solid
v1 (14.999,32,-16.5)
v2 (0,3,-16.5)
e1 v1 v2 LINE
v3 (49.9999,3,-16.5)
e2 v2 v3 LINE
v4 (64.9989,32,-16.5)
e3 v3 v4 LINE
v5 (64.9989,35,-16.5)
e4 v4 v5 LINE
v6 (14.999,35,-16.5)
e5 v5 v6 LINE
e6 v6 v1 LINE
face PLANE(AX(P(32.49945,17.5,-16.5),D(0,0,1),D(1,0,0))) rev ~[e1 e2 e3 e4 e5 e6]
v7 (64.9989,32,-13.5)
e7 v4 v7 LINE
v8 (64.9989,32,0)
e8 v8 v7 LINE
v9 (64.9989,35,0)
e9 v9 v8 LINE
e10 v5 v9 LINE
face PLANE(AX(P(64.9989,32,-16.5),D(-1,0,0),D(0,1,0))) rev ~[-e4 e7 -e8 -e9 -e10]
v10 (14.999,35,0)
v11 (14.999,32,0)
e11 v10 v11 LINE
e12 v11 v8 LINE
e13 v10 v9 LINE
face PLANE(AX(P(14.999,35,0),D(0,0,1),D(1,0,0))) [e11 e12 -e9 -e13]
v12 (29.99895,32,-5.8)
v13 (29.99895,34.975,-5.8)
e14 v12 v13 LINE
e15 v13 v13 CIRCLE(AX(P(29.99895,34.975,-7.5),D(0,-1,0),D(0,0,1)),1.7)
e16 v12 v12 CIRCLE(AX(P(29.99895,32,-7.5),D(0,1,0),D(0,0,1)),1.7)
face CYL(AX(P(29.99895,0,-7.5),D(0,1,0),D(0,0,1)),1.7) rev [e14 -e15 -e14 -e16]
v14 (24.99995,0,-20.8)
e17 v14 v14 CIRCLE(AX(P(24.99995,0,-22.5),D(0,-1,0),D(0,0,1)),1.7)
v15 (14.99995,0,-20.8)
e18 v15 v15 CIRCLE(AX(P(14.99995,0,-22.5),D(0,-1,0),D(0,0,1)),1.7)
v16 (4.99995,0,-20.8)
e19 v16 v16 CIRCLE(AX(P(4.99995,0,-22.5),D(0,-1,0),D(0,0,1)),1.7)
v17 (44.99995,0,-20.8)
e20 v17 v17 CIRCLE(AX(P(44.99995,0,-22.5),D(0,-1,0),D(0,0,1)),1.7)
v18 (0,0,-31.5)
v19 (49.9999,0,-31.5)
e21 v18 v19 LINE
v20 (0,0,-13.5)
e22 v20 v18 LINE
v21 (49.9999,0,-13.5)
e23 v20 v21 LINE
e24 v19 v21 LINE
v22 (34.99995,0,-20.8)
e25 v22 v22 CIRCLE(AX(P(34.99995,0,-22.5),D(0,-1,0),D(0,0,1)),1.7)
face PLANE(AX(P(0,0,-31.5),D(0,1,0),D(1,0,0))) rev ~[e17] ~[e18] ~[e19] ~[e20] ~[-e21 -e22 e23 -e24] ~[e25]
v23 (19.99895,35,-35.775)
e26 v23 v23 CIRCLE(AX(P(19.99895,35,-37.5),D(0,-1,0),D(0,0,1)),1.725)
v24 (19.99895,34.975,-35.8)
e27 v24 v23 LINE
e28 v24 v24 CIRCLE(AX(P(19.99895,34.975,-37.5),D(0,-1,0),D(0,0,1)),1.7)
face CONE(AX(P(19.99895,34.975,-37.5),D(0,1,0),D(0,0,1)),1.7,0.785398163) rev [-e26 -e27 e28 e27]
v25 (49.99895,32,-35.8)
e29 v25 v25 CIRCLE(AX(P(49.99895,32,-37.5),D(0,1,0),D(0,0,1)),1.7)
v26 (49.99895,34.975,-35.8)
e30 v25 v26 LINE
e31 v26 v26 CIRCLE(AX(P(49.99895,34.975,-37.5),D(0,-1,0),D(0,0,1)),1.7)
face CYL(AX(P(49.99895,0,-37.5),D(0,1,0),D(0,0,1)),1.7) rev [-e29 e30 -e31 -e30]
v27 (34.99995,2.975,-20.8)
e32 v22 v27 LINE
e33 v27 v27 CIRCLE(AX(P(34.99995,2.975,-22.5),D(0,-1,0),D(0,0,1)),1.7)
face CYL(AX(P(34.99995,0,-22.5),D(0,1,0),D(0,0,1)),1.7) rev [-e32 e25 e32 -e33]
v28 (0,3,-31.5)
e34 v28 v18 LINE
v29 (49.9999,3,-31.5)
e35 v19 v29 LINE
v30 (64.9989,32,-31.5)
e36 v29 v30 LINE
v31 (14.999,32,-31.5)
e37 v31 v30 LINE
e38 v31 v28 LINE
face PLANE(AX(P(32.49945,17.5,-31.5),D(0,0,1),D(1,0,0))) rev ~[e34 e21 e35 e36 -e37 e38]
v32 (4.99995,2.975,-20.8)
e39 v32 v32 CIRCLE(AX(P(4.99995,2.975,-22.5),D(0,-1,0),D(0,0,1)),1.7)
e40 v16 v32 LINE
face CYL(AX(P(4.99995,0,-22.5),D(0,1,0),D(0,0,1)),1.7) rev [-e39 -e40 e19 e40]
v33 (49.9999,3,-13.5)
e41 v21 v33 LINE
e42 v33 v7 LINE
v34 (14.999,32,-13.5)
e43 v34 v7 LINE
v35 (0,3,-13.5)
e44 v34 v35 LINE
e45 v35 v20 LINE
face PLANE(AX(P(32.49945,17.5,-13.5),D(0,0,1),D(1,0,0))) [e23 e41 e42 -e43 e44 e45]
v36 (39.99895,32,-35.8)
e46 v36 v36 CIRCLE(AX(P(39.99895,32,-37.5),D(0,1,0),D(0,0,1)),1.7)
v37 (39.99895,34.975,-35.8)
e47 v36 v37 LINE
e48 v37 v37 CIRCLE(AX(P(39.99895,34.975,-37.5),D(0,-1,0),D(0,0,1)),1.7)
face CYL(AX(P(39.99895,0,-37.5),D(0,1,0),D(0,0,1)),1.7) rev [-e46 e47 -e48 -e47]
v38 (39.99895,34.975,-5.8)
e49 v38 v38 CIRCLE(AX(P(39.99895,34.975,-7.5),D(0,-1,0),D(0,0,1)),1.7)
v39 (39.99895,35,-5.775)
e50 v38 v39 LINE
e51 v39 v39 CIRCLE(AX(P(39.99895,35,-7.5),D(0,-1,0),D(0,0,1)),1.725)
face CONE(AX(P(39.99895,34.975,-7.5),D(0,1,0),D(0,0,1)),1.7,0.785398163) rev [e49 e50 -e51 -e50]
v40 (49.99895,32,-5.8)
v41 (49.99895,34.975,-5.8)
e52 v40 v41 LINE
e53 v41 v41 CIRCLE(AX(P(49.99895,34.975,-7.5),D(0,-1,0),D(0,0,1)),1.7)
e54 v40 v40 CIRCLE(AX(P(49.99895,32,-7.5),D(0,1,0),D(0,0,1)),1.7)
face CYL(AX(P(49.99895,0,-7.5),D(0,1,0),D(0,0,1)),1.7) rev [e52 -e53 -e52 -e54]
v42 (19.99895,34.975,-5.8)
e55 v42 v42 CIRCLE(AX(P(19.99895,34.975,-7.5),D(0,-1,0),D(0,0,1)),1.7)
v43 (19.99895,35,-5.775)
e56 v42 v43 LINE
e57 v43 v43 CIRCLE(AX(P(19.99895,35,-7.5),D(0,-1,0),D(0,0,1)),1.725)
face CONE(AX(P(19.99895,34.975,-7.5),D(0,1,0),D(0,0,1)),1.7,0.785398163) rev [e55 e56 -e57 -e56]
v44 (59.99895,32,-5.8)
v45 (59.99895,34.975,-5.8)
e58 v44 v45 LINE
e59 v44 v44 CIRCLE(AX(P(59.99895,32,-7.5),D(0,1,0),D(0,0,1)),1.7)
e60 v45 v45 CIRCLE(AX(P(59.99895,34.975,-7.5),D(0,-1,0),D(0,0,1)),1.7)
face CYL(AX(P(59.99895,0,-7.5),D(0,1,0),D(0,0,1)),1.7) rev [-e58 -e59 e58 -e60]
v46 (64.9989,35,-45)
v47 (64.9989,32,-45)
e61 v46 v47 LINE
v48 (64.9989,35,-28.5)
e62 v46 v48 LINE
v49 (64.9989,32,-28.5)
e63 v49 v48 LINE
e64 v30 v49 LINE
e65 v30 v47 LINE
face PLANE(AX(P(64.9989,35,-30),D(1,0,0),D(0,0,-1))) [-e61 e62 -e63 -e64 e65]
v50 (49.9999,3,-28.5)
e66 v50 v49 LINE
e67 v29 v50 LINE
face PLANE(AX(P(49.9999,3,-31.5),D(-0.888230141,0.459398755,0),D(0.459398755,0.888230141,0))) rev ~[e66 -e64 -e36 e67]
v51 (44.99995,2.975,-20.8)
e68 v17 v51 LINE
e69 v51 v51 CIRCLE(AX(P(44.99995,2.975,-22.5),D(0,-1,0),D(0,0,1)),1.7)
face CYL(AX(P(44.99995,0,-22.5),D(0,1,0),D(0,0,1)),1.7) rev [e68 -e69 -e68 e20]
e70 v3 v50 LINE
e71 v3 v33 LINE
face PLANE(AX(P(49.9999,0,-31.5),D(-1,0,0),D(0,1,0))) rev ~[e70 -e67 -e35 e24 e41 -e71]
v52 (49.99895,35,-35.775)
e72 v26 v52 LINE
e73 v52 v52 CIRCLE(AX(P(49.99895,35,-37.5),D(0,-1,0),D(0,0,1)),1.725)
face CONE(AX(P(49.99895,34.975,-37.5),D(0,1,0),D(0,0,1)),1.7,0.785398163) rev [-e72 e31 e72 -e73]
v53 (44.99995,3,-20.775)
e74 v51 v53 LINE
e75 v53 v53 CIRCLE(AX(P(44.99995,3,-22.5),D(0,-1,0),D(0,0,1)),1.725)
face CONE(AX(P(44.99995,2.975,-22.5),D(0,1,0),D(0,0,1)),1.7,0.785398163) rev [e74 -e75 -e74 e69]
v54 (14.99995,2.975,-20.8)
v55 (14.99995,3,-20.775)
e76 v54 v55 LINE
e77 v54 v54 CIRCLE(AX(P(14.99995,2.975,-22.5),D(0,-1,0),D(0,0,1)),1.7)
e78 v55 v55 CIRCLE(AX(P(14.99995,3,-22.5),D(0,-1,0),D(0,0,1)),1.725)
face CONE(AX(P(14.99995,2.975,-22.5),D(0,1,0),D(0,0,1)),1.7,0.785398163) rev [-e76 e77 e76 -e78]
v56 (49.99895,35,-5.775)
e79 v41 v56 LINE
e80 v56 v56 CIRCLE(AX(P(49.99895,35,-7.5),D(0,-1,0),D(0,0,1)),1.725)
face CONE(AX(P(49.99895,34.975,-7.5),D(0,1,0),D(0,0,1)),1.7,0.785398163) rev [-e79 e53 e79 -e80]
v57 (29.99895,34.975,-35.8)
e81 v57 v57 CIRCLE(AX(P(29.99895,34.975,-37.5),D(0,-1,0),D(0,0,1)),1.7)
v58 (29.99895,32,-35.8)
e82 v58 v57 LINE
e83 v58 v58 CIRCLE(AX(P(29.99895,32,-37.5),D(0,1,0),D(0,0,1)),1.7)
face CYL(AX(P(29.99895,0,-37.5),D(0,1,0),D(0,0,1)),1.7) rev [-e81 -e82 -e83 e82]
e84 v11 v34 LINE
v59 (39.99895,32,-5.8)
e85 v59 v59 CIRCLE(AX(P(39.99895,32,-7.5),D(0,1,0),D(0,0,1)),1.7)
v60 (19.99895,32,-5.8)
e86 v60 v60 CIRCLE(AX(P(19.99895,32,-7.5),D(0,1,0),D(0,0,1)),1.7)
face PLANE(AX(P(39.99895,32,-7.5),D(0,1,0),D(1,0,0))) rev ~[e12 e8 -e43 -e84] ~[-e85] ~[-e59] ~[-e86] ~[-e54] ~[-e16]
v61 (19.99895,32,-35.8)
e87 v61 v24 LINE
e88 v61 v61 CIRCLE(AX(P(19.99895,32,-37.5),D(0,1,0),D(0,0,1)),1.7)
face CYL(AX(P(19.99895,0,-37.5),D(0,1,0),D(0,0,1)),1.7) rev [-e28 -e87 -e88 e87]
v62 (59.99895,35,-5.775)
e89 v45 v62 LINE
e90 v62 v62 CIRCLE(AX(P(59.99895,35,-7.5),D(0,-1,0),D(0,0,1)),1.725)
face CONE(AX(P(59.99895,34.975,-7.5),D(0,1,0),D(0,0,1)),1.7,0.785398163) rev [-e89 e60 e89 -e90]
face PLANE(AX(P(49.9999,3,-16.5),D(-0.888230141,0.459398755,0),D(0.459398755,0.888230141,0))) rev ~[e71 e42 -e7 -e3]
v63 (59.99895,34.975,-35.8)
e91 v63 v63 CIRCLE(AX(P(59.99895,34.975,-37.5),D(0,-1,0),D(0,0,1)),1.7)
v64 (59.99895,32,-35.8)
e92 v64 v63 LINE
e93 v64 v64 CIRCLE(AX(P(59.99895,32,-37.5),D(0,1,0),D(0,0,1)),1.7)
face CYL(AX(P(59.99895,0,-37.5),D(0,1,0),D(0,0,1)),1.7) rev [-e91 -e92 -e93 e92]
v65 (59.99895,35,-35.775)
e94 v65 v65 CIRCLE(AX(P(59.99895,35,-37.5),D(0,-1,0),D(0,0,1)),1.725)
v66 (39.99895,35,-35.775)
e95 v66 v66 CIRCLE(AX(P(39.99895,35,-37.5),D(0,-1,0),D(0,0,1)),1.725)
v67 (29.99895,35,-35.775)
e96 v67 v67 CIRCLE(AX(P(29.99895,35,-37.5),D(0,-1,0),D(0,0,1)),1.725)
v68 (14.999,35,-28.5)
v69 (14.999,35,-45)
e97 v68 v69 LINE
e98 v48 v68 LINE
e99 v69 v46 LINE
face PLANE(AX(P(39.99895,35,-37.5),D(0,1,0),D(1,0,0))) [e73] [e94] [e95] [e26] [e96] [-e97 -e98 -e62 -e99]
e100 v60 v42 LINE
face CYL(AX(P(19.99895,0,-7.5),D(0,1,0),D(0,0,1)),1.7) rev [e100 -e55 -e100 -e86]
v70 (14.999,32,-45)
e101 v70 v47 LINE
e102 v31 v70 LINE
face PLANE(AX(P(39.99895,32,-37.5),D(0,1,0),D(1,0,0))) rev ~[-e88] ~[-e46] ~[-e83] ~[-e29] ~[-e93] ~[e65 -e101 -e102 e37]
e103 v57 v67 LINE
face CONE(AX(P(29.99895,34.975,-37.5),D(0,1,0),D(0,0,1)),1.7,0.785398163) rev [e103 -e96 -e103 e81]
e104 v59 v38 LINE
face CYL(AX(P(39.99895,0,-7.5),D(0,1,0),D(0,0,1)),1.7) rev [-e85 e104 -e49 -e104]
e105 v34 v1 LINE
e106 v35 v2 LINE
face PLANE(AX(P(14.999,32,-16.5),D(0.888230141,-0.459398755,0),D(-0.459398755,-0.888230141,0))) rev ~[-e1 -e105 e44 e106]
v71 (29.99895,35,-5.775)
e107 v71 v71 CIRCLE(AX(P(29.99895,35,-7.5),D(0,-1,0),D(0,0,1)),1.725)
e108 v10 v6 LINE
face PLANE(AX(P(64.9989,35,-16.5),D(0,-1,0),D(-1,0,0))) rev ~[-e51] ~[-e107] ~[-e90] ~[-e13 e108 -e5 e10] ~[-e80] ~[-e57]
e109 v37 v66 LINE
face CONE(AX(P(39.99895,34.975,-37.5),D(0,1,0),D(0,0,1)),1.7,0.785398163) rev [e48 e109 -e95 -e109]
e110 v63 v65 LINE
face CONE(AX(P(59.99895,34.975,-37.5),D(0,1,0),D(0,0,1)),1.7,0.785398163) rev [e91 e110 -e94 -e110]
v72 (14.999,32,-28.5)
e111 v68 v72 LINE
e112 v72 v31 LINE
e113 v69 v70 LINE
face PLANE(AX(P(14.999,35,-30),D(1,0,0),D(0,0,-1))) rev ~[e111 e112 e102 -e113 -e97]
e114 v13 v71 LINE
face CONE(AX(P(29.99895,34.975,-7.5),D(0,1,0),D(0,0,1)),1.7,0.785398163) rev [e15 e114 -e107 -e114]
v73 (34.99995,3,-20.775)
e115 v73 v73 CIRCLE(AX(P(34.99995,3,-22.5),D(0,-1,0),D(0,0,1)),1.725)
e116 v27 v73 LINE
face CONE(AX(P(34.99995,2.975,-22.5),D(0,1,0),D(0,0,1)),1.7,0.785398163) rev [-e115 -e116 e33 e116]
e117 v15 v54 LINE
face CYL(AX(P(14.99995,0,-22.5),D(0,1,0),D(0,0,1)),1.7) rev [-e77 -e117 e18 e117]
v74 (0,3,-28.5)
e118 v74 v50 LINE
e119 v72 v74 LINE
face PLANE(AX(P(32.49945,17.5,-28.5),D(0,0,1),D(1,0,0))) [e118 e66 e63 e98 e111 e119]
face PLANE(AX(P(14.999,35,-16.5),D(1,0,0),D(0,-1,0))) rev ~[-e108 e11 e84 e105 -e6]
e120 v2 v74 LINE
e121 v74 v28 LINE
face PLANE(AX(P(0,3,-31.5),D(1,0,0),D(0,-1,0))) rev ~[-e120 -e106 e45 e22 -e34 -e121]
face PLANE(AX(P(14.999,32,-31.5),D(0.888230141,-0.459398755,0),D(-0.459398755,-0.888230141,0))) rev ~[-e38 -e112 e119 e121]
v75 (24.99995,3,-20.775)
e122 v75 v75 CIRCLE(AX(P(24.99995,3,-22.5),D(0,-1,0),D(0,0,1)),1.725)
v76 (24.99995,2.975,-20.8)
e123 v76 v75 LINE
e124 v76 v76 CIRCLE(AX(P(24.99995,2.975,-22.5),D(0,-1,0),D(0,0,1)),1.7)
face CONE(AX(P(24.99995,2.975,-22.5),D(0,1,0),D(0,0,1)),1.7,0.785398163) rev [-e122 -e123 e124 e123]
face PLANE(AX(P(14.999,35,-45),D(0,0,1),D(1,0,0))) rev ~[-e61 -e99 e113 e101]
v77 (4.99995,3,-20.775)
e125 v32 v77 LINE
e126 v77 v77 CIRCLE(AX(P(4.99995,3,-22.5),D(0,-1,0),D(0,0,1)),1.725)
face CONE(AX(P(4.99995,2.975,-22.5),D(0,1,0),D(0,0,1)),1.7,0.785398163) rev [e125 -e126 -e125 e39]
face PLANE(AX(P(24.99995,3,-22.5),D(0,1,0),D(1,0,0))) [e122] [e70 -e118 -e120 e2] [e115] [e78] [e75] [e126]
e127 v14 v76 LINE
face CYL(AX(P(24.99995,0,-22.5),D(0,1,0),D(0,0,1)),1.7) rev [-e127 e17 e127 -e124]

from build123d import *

# Parameters (mm, degrees)
SKETCH1_W                      = 49.9999
SKETCH1_H                      = 14.9999999
BOSS_EXTRUDE1_DEPTH            = 3
BOSS_EXTRUDE2_START            = 35
SKETCH1_3_W                    = 49.9999
SKETCH1_3_H                    = 14.9999999
BOSS_EXTRUDE2_DEPTH            = 3
BOSS_EXTRUDE2_2_DEPTH          = 3
M3_CLEARANCE_HOLE1_AT_2_COUNT  = 2
M3_CLEARANCE_HOLE1_AT_2_PITCH  = 36.055512588
M3_CLEARANCE_HOLE1_AT_3_COUNT  = 2
M3_CLEARANCE_HOLE1_AT_3_PITCH  = 20
M3_CLEARANCE_HOLE1_AT_4_COUNT  = 2
M3_CLEARANCE_HOLE1_AT_4_PITCH  = 42.42640673
M3_CLEARANCE_HOLE1_AT_5_COUNT  = 2
M3_CLEARANCE_HOLE1_AT_5_PITCH  = 30
M3_CLEARANCE_HOLE1_AT_6_COUNT  = 2
M3_CLEARANCE_HOLE1_AT_6_PITCH  = 49.99999988
M3_CLEARANCE_HOLE1_AT_7_COUNT  = 2
M3_CLEARANCE_HOLE1_AT_7_PITCH  = 40
M3_CLEARANCE_HOLE1_AT_8_COUNT  = 2
M3_CLEARANCE_HOLE1_AT_8_PITCH  = 31.622776412
M3_CLEARANCE_HOLE1_AT_9_COUNT  = 2
M3_CLEARANCE_HOLE1_AT_9_PITCH  = 10
M3_CLEARANCE_HOLE1_AT_10_COUNT = 2
M3_CLEARANCE_HOLE1_AT_10_PITCH = 29.9999998
M3_CLEARANCE_HOLE2_AT_2_COUNT  = 2
M3_CLEARANCE_HOLE2_AT_2_PITCH  = 20
M3_CLEARANCE_HOLE2_AT_3_COUNT  = 2
M3_CLEARANCE_HOLE2_AT_3_PITCH  = 30
M3_CLEARANCE_HOLE2_AT_4_COUNT  = 2
M3_CLEARANCE_HOLE2_AT_4_PITCH  = 40
M3_CLEARANCE_HOLE2_AT_5_COUNT  = 2
M3_CLEARANCE_HOLE2_AT_5_PITCH  = 10
BOSS_EXTRUDE3_DEPTH            = 1.5
BOSS_EXTRUDE3_DEPTH_BACK       = 1.5
BOSS_EXTRUDE4_DEPTH            = 1.5
BOSS_EXTRUDE4_DEPTH_BACK       = 1.5
BOSS_EXTRUDE4_START            = -15


with BuildPart() as part:
    # Sketch1 → Boss-Extrude1 (new body)
    with BuildSketch(Plane(origin=(0, 0, 0), x_dir=(1, 0, 0), z_dir=(0, 1, 0))):
        with Locations((24.99995, 22.49999985)):
            Rectangle(SKETCH1_W, SKETCH1_H)
    extrude(amount=BOSS_EXTRUDE1_DEPTH)

    # Sketch8 → M3 Clearance Hole2 (revolve, cut)
    with BuildSketch(Plane(origin=(4.99995, 3, -22.49999985), x_dir=(0, 0, 1), z_dir=(1, 0, 0))):
        Polygon((0, 0), (0, 3), (1.7, 3), (1.7, 0.025), (1.725, 0), align=None)
    m3_clearance_hole2 = revolve(axis=Axis((4.99995, 9.35, -22.49999985), (0, -1, 0)), mode=Mode.SUBTRACT)

    # M3 Clearance Hole2 at 2: M3 Clearance Hole2 ×2
    with Locations(*[(i * M3_CLEARANCE_HOLE2_AT_2_PITCH, 0, 0) for i in range(1, M3_CLEARANCE_HOLE2_AT_2_COUNT)]):
        add(m3_clearance_hole2, mode=Mode.SUBTRACT)

    # M3 Clearance Hole2 at 3: M3 Clearance Hole2 ×2
    with Locations(*[(i * M3_CLEARANCE_HOLE2_AT_3_PITCH, 0, 0) for i in range(1, M3_CLEARANCE_HOLE2_AT_3_COUNT)]):
        add(m3_clearance_hole2, mode=Mode.SUBTRACT)

    # M3 Clearance Hole2 at 4: M3 Clearance Hole2 ×2
    with Locations(*[(i * M3_CLEARANCE_HOLE2_AT_4_PITCH, 0, 0) for i in range(1, M3_CLEARANCE_HOLE2_AT_4_COUNT)]):
        add(m3_clearance_hole2, mode=Mode.SUBTRACT)

    # M3 Clearance Hole2 at 5: M3 Clearance Hole2 ×2
    with Locations(*[(i * M3_CLEARANCE_HOLE2_AT_5_PITCH, 0, 0) for i in range(1, M3_CLEARANCE_HOLE2_AT_5_COUNT)]):
        add(m3_clearance_hole2, mode=Mode.SUBTRACT)



with BuildPart() as body_2:
    # Sketch1<3> → Boss-Extrude2 (new body)
    with BuildSketch(Plane(origin=(0, 0, 0), x_dir=(1, 0, 0), z_dir=(0, 1, 0)).offset(BOSS_EXTRUDE2_START)):
        with Locations((39.99895, 37.49999975)):
            Rectangle(SKETCH1_3_W, SKETCH1_3_H)
    extrude(amount=-BOSS_EXTRUDE2_DEPTH)


with BuildPart() as body_3:
    # Sketch1<3> → Boss-Extrude2 2 (new body)
    with BuildSketch(Plane(origin=(0, 0, 0), x_dir=(1, 0, 0), z_dir=(0, 1, 0)).offset(BOSS_EXTRUDE2_START)):
        with Locations((39.99895, 7.49999995)):
            Rectangle(SKETCH1_3_W, SKETCH1_3_H)
    extrude(amount=-BOSS_EXTRUDE2_2_DEPTH)

    # Sketch6 → M3 Clearance Hole1 (revolve, cut)
    with BuildSketch(Plane(origin=(19.99895, 35, -7.49999995), x_dir=(0, 0, 1), z_dir=(1, 0, 0))):
        Polygon((0, 0), (0, 35), (1.7, 35), (1.7, 0.025), (1.725, 0), align=None)
    m3_clearance_hole1 = revolve(axis=Axis((19.99895, 41.35, -7.49999995), (0, -1, 0)), mode=Mode.SUBTRACT)

    # M3 Clearance Hole1 at 3: M3 Clearance Hole1 ×2
    with Locations(*[(i * M3_CLEARANCE_HOLE1_AT_3_PITCH, 0, 0) for i in range(1, M3_CLEARANCE_HOLE1_AT_3_COUNT)]):
        add(m3_clearance_hole1, mode=Mode.SUBTRACT)

    # M3 Clearance Hole1 at 5: M3 Clearance Hole1 ×2
    with Locations(*[(i * M3_CLEARANCE_HOLE1_AT_5_PITCH, 0, 0) for i in range(1, M3_CLEARANCE_HOLE1_AT_5_COUNT)]):
        add(m3_clearance_hole1, mode=Mode.SUBTRACT)

    # M3 Clearance Hole1 at 7: M3 Clearance Hole1 ×2
    with Locations(*[(i * M3_CLEARANCE_HOLE1_AT_7_PITCH, 0, 0) for i in range(1, M3_CLEARANCE_HOLE1_AT_7_COUNT)]):
        add(m3_clearance_hole1, mode=Mode.SUBTRACT)

    # M3 Clearance Hole1 at 9: M3 Clearance Hole1 ×2
    with Locations(*[(i * M3_CLEARANCE_HOLE1_AT_9_PITCH, 0, 0) for i in range(1, M3_CLEARANCE_HOLE1_AT_9_COUNT)]):
        add(m3_clearance_hole1, mode=Mode.SUBTRACT)


with BuildPart() as body_2_1:
    add(body_2.part)

    # M3 Clearance Hole1 at 2: M3 Clearance Hole1 ×2
    with Locations(*[Vector(0.5547001987853687, 0, -0.832050292631084) * (i * M3_CLEARANCE_HOLE1_AT_2_PITCH) for i in range(1, M3_CLEARANCE_HOLE1_AT_2_COUNT)]):
        add(m3_clearance_hole1, mode=Mode.SUBTRACT)

    # M3 Clearance Hole1 at 4: M3 Clearance Hole1 ×2
    with Locations(*[Vector(0.7071067835435565, 0, -0.7071067788295387) * (i * M3_CLEARANCE_HOLE1_AT_4_PITCH) for i in range(1, M3_CLEARANCE_HOLE1_AT_4_COUNT)]):
        add(m3_clearance_hole1, mode=Mode.SUBTRACT)

    # M3 Clearance Hole1 at 6: M3 Clearance Hole1 ×2
    with Locations(*[Vector(0.8000000019199883, 0, -0.5999999974400156) * (i * M3_CLEARANCE_HOLE1_AT_6_PITCH) for i in range(1, M3_CLEARANCE_HOLE1_AT_6_COUNT)]):
        add(m3_clearance_hole1, mode=Mode.SUBTRACT)

    # M3 Clearance Hole1 at 8: M3 Clearance Hole1 ×2
    with Locations(*[Vector(0.3162277679141873, 0, -0.948683297418064) * (i * M3_CLEARANCE_HOLE1_AT_8_PITCH) for i in range(1, M3_CLEARANCE_HOLE1_AT_8_COUNT)]):
        add(m3_clearance_hole1, mode=Mode.SUBTRACT)

    # M3 Clearance Hole1 at 10: M3 Clearance Hole1 ×2
    with Locations(*[(0, 0, -i * M3_CLEARANCE_HOLE1_AT_10_PITCH) for i in range(1, M3_CLEARANCE_HOLE1_AT_10_COUNT)]):
        add(m3_clearance_hole1, mode=Mode.SUBTRACT)


with BuildPart() as part_1:
    add(part.part)

    add(body_3.part)  # Boss-Extrude3 merges body 3
    # Sketch2 → Boss-Extrude3 (add, two sides: drawn at the far end of the back side and taken through both)
    with BuildSketch(Plane.XY.offset(-14.9999999).offset(-BOSS_EXTRUDE3_DEPTH_BACK)):
        Polygon((0, 0), (49.9999, 0), (49.9999, 3), (64.9989, 32), (64.9989, 35), (14.999, 35), (14.999, 32), (0, 3), align=None)
    extrude(amount=BOSS_EXTRUDE3_DEPTH + BOSS_EXTRUDE3_DEPTH_BACK)


    add(body_2_1.part)  # Boss-Extrude4 merges body 2
    # Sketch2<2> → Boss-Extrude4 (add, two sides: drawn at the far end of the back side and taken through both)
    with BuildSketch(Plane.XY.offset(-14.9999999).offset(BOSS_EXTRUDE4_START - BOSS_EXTRUDE4_DEPTH_BACK)):
        Polygon((0, 0), (49.9999, 0), (49.9999, 3), (64.9989, 32), (64.9989, 35), (14.999, 35), (14.999, 32), (0, 3), align=None)
    extrude(amount=BOSS_EXTRUDE4_DEPTH + BOSS_EXTRUDE4_DEPTH_BACK)


solid = part_1.part
